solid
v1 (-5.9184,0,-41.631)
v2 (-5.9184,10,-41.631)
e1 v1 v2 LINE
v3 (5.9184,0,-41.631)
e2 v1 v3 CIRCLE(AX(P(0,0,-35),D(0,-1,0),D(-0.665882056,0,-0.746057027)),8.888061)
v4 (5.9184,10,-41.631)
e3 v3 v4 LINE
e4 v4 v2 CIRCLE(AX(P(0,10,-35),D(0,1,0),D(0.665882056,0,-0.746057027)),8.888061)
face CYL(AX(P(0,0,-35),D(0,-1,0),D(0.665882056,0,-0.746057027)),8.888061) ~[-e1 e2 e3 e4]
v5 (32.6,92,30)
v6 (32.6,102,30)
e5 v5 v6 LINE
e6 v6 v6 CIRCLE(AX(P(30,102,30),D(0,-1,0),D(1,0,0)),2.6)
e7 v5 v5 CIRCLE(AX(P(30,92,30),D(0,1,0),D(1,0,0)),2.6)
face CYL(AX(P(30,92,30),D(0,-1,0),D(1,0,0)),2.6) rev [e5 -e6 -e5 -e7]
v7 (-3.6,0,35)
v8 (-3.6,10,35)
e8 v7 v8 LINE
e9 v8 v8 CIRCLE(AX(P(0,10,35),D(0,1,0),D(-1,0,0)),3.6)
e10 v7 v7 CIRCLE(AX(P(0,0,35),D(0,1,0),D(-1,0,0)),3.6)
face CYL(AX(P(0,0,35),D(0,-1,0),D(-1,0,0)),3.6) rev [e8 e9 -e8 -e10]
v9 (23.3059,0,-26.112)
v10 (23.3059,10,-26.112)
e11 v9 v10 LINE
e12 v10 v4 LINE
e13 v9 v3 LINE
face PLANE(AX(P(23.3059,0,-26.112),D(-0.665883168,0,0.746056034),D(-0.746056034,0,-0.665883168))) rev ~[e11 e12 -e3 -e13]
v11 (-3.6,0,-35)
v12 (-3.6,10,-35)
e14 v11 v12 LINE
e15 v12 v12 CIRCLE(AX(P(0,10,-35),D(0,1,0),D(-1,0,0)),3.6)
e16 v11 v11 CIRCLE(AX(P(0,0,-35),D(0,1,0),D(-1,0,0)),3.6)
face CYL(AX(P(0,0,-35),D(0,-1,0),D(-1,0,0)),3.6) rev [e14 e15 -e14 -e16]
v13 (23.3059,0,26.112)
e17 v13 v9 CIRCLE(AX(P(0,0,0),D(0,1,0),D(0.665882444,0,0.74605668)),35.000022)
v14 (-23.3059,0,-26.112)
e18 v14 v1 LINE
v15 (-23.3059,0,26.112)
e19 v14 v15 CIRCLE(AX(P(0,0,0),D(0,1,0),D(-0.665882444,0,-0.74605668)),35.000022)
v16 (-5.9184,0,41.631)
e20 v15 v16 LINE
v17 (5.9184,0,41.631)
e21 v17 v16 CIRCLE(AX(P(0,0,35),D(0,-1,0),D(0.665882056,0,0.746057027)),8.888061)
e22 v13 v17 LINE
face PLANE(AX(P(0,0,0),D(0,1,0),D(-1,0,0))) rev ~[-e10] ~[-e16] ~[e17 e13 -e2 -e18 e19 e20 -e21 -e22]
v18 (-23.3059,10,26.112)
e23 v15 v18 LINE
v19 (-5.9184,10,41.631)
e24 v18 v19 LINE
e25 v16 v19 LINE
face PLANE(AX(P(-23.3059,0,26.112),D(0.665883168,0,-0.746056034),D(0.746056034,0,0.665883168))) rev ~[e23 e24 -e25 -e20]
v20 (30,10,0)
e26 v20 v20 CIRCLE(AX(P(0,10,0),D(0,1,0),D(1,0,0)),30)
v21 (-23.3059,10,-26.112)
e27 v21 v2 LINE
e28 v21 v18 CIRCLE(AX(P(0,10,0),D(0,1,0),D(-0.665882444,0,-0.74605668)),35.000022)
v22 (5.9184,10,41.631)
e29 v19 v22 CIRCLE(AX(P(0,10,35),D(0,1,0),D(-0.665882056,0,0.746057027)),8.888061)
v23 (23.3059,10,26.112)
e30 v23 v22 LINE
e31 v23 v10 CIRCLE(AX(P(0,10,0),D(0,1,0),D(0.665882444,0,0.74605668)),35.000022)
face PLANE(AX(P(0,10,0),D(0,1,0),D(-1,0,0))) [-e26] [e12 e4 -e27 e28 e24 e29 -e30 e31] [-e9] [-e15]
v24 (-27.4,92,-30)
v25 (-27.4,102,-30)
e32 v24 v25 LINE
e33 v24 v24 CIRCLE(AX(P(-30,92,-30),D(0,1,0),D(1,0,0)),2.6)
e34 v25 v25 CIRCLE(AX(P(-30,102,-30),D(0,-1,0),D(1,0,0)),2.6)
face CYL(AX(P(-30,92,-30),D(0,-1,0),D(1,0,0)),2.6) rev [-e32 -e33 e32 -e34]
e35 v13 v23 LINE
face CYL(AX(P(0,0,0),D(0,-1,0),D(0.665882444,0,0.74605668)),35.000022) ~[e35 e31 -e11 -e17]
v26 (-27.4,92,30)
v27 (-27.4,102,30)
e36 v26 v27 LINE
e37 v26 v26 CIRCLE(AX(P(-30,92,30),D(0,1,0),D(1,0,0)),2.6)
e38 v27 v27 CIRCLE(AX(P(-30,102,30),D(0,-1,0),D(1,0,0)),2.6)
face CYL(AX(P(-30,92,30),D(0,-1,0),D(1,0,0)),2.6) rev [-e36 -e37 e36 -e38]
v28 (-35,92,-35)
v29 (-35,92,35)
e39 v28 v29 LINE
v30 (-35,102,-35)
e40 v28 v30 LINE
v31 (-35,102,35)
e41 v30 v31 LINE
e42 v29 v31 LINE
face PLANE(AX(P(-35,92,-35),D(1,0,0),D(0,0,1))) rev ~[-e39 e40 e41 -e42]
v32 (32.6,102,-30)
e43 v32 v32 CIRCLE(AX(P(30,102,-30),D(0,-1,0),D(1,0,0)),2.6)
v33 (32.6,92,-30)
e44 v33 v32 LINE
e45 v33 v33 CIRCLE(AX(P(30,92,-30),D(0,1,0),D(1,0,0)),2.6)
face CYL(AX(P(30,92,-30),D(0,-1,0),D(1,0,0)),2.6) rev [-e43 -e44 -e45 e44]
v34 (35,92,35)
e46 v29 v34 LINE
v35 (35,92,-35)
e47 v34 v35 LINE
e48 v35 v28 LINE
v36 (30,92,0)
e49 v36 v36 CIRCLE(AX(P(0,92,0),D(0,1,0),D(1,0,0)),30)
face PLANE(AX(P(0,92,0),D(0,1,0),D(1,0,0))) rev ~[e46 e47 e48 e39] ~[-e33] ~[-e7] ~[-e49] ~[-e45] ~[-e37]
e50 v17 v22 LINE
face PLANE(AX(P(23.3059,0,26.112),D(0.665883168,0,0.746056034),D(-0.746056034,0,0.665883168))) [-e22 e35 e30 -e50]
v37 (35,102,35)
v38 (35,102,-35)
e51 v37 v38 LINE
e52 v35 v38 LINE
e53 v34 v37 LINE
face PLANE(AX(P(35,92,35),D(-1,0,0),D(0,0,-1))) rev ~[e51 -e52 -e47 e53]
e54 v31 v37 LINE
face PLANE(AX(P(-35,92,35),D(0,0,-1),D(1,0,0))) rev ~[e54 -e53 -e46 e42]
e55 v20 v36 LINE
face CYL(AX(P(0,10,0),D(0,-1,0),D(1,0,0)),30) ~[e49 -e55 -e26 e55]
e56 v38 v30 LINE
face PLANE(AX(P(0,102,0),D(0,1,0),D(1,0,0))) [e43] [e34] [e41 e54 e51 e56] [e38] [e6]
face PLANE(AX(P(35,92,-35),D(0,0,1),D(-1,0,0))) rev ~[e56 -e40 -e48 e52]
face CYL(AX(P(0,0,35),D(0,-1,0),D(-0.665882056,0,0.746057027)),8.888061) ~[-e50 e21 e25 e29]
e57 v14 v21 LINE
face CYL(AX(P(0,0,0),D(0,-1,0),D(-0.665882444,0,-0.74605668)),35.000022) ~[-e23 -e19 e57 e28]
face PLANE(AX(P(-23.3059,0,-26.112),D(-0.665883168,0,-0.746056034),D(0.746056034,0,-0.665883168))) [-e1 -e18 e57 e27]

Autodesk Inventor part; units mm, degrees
ref_plane "YZ Plane" through (0, 0, 0) normal (1, 0, 0) x (0, 1, 0)
ref_plane "XZ Plane" through (0, 0, 0) normal (0, 1, 0) x (-1, 0, 0)
ref_plane "XY Plane" through (0, 0, 0) normal (0, 0, 1) x (1, 0, 0)
sketch "Boceto1" plane through (0, 0, 0) normal (0, 1, 0) x (-1, 0, 0)
  circle A0 centre (0, 0) radius 32.5
  arc A1 (23.3059, -26.112) -> (23.3059, 26.112) centre (0, 0) ccw
  circle A2 centre (0, -35) radius 3.6
  circle A3 centre (0, 0) radius 43.5
  arc A4 (8.153, -31.4608) -> (-5.9184, -41.631) centre (0, -35) ccw
  line L0 (23.3059, -26.112) -> (5.9184, -41.631)
  line L1 (-23.3059, -26.112) -> (-5.9184, -41.631)
  arc A5 (5.9184, -41.631) -> (8.153, -31.4608) centre (0, -35) ccw
  arc A6 (-5.9184, -41.631) -> (5.9184, -41.631) centre (0, -35) ccw
  line L2 (0, 0) -> (19.418, 0)
  circle A7 centre (0, 35) radius 3.6
  arc A8 (-5.9184, 41.631) -> (8.153, 31.4608) centre (0, 35) ccw
  line L3 (23.3059, 26.112) -> (5.9184, 41.631)
  line L4 (-23.3059, 26.112) -> (-5.9184, 41.631)
  arc A9 (8.153, 31.4608) -> (5.9184, 41.631) centre (0, 35) ccw
  arc A10 (5.9184, 41.631) -> (-5.9184, 41.631) centre (0, 35) ccw
  arc A11 (23.3059, 26.112) -> (-23.3059, 26.112) centre (0, 0) ccw
  arc A12 (-23.3059, 26.112) -> (-23.3059, -26.112) centre (0, 0) ccw
  dimension "d0" = 65
  dimension "d2" = 7.2
  dimension "d3" = 87
extrude "Extrusión1" add sketch "Boceto1" along normal blind 10 contours A0 A4 A8 | A0 A9 A11 A1 L0 A5 | A8 A0 A7 | A0 A7 A11 A9 | A5 A6 A3 A4 A0 A2 | A0 A2 A4 | A8 A11 A7 A0 | A0 A4 L1 A12 A11 A8 | A11 A7 A8 A10 A3 A9 | A9 L3 A11 | A11 L4 A8 | A6 A3 | A3 A10
sketch "Boceto2" plane through (0, 10, 0) normal (0, 1, 0) x (1, 0, 0)
  circle A0 centre (0, 0) radius 30
  dimension "d7" = 60
extrude "Extrusión2" add sketch "Boceto2" along normal blind 82
sketch "Boceto4" plane through (0, 92, 0) normal (0, 1, 0) x (1, 0, 0)
  line L0 (-35, -35) -> (35, -35)
  line L1 (35, -35) -> (35, 35)
  line L2 (35, 35) -> (-35, 35)
  line L3 (-35, 35) -> (-35, -35)
  line L4 (-35, -35) -> (35, 35) construction
  line L5 (35, -35) -> (-35, 35) construction
  line L6 (30, 30) -> (-30, 30)
  line L7 (-30, 30) -> (-30, -30)
  line L8 (-30, -30) -> (30, -30)
  line L9 (30, -30) -> (30, 30)
  line L10 (30, 30) -> (-30, -30) construction
  line L11 (-30, 30) -> (30, -30) construction
  circle A0 centre (-30, 30) radius 2.6
  circle A1 centre (30, 30) radius 2.6
  circle A2 centre (30, -30) radius 2.6
  circle A3 centre (-30, -30) radius 2.6
  point P0 (0, 0)
  dimension "d13" = 70
  dimension "d14" = 70
  dimension "d15" = 60
  dimension "d16" = 5.2
  dimension "d17" = 5.2
  dimension "d18" = 5.2
  dimension "d19" = 5.2
extrude "Extrusión3" add sketch "Boceto4" along normal blind 10 contours L3 L2 L1 L0 | L6 A1 L9 A2 L8 A3 L7 A0
properties part number "ball-fastening"
